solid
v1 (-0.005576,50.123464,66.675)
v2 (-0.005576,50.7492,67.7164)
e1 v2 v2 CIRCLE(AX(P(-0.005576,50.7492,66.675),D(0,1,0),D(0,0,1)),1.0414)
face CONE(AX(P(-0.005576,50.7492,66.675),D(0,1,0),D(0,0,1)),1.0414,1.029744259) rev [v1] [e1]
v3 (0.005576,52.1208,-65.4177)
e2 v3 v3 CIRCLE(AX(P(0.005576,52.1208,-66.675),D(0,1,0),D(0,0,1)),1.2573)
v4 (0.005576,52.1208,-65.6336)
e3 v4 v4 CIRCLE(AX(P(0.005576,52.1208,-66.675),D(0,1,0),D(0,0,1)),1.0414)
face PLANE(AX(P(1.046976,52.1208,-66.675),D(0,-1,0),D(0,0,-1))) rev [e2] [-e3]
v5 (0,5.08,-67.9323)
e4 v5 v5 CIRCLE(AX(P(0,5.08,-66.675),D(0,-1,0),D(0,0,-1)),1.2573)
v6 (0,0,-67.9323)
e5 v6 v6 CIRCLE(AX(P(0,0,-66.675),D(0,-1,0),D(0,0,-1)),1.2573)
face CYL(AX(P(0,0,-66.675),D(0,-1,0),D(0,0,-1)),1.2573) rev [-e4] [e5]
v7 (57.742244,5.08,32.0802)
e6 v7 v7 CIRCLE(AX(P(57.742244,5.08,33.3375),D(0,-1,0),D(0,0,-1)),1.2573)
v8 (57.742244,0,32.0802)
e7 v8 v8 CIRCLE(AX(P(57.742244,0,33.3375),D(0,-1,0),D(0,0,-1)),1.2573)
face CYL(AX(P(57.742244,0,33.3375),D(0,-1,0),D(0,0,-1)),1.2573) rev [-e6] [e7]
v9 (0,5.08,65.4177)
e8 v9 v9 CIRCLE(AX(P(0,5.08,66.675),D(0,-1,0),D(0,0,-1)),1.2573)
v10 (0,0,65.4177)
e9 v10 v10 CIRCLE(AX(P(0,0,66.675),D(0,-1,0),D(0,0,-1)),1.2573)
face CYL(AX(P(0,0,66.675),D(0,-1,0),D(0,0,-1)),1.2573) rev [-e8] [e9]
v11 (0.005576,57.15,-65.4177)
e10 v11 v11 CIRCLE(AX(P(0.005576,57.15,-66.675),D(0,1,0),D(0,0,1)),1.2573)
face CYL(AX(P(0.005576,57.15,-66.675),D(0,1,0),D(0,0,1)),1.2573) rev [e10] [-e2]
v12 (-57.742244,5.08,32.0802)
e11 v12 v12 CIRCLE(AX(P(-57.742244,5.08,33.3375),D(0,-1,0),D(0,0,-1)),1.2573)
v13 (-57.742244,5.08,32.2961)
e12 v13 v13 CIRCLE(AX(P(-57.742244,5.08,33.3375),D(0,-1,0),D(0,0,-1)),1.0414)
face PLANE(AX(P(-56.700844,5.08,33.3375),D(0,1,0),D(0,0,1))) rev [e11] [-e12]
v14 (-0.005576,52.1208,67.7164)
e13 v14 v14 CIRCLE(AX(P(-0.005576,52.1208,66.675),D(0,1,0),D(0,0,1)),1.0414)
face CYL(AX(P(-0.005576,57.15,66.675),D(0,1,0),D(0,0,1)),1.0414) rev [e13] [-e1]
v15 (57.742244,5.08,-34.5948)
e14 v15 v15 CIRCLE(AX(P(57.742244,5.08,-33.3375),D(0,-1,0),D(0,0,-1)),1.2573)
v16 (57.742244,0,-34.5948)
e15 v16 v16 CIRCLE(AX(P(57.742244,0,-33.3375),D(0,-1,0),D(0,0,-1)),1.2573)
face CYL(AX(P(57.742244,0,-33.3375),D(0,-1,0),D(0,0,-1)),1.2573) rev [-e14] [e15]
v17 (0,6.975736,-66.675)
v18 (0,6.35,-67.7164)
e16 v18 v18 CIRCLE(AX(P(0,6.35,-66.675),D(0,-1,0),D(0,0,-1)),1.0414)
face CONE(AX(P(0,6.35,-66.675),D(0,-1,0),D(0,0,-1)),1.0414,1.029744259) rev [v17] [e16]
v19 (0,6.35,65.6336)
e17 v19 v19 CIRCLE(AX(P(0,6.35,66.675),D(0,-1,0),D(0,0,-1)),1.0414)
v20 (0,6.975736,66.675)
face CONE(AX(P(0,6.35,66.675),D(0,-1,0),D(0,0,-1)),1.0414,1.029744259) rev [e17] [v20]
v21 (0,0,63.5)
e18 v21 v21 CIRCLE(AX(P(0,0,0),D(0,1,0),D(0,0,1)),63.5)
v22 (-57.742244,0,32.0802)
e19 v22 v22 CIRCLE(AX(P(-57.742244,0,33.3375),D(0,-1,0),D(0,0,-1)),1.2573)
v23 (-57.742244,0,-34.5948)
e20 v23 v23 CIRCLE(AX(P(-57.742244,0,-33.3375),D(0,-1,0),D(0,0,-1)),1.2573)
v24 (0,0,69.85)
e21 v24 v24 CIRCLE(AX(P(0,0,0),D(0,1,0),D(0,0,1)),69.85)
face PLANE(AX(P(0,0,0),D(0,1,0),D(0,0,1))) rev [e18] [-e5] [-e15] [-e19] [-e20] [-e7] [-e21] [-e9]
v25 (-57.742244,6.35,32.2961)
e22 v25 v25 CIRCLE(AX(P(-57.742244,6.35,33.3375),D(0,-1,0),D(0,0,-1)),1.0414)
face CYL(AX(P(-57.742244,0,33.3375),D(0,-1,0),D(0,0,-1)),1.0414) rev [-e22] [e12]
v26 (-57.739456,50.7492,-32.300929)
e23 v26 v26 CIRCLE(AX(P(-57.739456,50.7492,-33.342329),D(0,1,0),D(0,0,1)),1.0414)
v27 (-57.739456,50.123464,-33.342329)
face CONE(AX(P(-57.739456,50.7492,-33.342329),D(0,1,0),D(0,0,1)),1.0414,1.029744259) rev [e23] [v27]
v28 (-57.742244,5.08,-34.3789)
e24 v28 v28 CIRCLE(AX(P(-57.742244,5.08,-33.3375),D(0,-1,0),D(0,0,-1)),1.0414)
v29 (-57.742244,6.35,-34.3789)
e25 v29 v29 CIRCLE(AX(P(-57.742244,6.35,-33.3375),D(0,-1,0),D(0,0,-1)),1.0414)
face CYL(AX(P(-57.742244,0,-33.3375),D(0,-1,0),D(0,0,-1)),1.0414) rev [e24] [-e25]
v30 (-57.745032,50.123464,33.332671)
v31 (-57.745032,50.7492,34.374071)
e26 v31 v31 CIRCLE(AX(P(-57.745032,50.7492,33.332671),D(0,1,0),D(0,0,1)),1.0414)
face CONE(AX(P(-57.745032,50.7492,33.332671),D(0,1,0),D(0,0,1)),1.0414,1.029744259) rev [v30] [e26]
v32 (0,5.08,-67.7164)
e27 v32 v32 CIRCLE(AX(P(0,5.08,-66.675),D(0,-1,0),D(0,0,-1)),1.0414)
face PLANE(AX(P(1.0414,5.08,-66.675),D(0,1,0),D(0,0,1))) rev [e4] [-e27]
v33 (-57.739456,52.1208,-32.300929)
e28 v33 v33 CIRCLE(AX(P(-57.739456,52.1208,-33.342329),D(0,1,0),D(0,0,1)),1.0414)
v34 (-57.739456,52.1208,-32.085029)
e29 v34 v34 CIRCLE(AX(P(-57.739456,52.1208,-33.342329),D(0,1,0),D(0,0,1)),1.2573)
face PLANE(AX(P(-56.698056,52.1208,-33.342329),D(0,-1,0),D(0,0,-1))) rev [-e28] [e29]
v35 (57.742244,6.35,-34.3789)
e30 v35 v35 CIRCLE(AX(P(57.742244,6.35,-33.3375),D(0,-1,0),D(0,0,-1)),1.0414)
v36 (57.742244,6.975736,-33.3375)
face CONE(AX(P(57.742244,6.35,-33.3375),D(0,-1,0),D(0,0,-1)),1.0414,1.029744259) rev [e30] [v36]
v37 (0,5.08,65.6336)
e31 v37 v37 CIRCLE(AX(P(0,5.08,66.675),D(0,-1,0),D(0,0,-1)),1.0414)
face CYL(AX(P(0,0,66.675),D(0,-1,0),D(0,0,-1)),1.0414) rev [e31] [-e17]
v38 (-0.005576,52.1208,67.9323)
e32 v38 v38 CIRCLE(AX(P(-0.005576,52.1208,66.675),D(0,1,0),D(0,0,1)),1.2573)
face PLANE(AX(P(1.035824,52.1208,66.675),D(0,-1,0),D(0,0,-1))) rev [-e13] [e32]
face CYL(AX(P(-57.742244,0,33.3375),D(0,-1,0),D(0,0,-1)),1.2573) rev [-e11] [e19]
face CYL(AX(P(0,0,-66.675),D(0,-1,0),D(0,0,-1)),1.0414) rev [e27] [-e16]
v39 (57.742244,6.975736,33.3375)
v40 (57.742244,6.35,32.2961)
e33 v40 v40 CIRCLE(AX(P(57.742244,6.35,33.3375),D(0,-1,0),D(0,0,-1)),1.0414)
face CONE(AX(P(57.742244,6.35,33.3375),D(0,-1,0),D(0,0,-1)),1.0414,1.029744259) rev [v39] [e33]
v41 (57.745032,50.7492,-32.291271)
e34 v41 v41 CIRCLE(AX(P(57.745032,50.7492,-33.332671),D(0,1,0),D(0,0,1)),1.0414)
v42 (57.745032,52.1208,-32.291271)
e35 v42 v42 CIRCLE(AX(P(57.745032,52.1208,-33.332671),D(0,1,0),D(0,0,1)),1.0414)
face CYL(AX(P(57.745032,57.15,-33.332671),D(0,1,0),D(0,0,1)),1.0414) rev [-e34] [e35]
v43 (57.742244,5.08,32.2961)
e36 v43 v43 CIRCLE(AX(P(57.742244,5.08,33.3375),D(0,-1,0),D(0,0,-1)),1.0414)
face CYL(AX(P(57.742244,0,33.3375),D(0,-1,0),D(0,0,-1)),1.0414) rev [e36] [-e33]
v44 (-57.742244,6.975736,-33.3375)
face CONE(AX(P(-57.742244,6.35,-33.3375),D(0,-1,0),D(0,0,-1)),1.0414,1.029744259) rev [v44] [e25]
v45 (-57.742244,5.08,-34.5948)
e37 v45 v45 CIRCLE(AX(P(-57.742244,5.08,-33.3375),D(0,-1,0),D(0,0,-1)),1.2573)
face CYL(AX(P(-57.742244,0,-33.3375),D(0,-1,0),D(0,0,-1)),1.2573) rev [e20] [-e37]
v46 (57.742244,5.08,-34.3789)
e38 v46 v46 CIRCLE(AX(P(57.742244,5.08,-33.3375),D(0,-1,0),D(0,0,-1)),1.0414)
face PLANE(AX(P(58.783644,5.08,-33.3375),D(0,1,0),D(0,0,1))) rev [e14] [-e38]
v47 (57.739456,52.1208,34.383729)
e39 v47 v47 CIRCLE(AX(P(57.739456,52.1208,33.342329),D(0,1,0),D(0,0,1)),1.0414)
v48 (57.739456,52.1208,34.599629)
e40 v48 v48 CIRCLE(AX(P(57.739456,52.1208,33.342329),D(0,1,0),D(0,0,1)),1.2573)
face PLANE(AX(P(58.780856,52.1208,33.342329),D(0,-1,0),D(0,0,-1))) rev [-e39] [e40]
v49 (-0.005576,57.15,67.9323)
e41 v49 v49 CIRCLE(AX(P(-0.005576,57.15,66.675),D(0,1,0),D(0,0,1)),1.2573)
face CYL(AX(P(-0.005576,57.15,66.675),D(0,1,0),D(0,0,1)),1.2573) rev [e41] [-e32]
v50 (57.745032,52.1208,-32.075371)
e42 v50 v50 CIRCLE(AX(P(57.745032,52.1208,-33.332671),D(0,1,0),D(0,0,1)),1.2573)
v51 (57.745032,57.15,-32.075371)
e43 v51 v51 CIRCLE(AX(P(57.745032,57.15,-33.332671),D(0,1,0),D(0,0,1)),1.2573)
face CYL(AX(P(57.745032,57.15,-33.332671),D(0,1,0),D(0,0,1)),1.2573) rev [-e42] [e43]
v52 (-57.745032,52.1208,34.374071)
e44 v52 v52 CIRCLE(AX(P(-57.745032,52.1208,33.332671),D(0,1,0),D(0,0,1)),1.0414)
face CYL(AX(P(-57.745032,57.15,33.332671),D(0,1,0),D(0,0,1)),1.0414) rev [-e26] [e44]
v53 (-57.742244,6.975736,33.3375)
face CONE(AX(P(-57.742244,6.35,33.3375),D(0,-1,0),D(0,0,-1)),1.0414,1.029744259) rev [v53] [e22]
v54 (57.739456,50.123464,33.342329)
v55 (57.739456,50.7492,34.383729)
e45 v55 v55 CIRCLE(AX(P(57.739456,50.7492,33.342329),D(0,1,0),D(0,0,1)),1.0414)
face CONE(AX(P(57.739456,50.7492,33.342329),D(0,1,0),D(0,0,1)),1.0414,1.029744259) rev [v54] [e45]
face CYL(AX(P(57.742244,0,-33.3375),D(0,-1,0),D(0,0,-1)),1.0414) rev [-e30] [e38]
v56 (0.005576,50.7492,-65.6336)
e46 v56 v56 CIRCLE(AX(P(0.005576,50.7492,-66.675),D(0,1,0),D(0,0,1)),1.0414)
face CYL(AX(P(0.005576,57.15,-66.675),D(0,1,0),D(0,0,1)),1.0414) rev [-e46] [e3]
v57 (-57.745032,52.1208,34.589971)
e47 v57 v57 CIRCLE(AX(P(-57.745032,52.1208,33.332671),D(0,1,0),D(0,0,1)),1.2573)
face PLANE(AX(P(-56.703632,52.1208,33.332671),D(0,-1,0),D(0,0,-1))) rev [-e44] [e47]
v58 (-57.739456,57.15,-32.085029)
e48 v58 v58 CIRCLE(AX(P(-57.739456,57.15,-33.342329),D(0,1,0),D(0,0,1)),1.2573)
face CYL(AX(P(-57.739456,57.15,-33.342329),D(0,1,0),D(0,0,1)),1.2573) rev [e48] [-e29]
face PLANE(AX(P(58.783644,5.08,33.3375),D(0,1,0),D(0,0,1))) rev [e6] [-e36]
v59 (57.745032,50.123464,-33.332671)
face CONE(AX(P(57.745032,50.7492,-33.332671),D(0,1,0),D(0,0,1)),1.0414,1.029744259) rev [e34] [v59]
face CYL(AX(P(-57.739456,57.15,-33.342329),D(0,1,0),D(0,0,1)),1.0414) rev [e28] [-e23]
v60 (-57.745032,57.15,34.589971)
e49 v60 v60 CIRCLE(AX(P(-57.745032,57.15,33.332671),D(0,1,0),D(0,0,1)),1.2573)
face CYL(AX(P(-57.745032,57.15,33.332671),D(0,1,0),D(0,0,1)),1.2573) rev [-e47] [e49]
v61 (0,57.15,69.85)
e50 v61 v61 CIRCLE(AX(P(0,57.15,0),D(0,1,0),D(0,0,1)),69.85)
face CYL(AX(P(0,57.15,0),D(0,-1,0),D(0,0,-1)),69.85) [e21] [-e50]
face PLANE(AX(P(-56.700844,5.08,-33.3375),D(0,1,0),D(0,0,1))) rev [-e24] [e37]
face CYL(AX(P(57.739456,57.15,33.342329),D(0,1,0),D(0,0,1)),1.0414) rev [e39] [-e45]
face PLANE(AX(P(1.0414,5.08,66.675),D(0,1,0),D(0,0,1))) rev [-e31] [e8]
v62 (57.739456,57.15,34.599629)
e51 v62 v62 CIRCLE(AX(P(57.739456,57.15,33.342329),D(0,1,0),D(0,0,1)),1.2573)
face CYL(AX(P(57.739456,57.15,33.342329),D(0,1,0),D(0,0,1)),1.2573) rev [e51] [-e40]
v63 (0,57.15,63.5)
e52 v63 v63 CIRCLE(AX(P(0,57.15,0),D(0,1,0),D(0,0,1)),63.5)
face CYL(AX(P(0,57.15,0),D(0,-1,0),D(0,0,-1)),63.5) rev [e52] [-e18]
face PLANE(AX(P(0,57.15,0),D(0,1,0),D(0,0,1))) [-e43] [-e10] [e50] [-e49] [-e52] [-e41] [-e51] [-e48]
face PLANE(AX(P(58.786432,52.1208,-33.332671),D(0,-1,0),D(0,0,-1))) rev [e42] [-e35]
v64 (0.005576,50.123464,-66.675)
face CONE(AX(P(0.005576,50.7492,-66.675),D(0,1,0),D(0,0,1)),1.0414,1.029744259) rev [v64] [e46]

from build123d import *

# Parameters (mm, degrees)
SKETCH1_R         = 69.85
SKETCH1_R_2       = 63.5
EXTRUDE1_DEPTH    = 57.15
CIRPATTERN1_COUNT = 6
CIRPATTERN2_COUNT = 6


with BuildPart() as part:
    # Sketch1 → Extrude1 (new body)
    with BuildSketch(Plane(origin=(0, 0, 0), x_dir=(1, 0, 0), z_dir=(0, 1, 0))):
        Circle(SKETCH1_R)
        Circle(SKETCH1_R_2, mode=Mode.SUBTRACT)
    extrude(amount=EXTRUDE1_DEPTH)

    # Sketch5 → #3-56 Tapped Hole1 (revolve, cut)
    with BuildSketch(Plane(origin=(0, 0, 66.675), x_dir=(0, 0, -1), z_dir=(1, 0, 0))):
        Polygon((0, 0), (0, 6.975736249), (1.0414, 6.35), (1.0414, 5.08), (1.2573, 5.08), (1.2573, 0), align=None)
    f_3_56_tapped_hole1 = revolve(axis=Axis((0, -6.35, 66.675), (0, 1, 0)), mode=Mode.SUBTRACT)

    # CirPattern1: #3-56 Tapped Hole1 ×6 about axis
    cirpattern1_axis = Axis((0, 65.196659439, 0), (0, -1, 0))
    for i in range(1, CIRPATTERN1_COUNT):
        add(f_3_56_tapped_hole1.rotate(cirpattern1_axis, i * 360 / CIRPATTERN1_COUNT), mode=Mode.SUBTRACT)

    # Sketch6 → #3-56 Tapped Hole2 (revolve, cut)
    with BuildSketch(Plane(origin=(0.005576043, 57.15, -66.674999767), x_dir=(0, 0, 1), z_dir=(1, 0, 0))):
        Polygon((0, 0), (0, 7.026536249), (1.0414, 6.4008), (1.0414, 5.0292), (1.2573, 5.0292), (1.2573, 0), align=None)
    f_3_56_tapped_hole2 = revolve(axis=Axis((0.005576043, 63.5, -66.674999767), (0, -1, 0)), mode=Mode.SUBTRACT)

    # CirPattern2: #3-56 Tapped Hole2 ×6 about axis
    cirpattern2_axis = Axis((0, 65.196659439, 0), (0, -1, 0))
    for i in range(1, CIRPATTERN2_COUNT):
        add(f_3_56_tapped_hole2.rotate(cirpattern2_axis, i * 360 / CIRPATTERN2_COUNT), mode=Mode.SUBTRACT)


solid = part.part
